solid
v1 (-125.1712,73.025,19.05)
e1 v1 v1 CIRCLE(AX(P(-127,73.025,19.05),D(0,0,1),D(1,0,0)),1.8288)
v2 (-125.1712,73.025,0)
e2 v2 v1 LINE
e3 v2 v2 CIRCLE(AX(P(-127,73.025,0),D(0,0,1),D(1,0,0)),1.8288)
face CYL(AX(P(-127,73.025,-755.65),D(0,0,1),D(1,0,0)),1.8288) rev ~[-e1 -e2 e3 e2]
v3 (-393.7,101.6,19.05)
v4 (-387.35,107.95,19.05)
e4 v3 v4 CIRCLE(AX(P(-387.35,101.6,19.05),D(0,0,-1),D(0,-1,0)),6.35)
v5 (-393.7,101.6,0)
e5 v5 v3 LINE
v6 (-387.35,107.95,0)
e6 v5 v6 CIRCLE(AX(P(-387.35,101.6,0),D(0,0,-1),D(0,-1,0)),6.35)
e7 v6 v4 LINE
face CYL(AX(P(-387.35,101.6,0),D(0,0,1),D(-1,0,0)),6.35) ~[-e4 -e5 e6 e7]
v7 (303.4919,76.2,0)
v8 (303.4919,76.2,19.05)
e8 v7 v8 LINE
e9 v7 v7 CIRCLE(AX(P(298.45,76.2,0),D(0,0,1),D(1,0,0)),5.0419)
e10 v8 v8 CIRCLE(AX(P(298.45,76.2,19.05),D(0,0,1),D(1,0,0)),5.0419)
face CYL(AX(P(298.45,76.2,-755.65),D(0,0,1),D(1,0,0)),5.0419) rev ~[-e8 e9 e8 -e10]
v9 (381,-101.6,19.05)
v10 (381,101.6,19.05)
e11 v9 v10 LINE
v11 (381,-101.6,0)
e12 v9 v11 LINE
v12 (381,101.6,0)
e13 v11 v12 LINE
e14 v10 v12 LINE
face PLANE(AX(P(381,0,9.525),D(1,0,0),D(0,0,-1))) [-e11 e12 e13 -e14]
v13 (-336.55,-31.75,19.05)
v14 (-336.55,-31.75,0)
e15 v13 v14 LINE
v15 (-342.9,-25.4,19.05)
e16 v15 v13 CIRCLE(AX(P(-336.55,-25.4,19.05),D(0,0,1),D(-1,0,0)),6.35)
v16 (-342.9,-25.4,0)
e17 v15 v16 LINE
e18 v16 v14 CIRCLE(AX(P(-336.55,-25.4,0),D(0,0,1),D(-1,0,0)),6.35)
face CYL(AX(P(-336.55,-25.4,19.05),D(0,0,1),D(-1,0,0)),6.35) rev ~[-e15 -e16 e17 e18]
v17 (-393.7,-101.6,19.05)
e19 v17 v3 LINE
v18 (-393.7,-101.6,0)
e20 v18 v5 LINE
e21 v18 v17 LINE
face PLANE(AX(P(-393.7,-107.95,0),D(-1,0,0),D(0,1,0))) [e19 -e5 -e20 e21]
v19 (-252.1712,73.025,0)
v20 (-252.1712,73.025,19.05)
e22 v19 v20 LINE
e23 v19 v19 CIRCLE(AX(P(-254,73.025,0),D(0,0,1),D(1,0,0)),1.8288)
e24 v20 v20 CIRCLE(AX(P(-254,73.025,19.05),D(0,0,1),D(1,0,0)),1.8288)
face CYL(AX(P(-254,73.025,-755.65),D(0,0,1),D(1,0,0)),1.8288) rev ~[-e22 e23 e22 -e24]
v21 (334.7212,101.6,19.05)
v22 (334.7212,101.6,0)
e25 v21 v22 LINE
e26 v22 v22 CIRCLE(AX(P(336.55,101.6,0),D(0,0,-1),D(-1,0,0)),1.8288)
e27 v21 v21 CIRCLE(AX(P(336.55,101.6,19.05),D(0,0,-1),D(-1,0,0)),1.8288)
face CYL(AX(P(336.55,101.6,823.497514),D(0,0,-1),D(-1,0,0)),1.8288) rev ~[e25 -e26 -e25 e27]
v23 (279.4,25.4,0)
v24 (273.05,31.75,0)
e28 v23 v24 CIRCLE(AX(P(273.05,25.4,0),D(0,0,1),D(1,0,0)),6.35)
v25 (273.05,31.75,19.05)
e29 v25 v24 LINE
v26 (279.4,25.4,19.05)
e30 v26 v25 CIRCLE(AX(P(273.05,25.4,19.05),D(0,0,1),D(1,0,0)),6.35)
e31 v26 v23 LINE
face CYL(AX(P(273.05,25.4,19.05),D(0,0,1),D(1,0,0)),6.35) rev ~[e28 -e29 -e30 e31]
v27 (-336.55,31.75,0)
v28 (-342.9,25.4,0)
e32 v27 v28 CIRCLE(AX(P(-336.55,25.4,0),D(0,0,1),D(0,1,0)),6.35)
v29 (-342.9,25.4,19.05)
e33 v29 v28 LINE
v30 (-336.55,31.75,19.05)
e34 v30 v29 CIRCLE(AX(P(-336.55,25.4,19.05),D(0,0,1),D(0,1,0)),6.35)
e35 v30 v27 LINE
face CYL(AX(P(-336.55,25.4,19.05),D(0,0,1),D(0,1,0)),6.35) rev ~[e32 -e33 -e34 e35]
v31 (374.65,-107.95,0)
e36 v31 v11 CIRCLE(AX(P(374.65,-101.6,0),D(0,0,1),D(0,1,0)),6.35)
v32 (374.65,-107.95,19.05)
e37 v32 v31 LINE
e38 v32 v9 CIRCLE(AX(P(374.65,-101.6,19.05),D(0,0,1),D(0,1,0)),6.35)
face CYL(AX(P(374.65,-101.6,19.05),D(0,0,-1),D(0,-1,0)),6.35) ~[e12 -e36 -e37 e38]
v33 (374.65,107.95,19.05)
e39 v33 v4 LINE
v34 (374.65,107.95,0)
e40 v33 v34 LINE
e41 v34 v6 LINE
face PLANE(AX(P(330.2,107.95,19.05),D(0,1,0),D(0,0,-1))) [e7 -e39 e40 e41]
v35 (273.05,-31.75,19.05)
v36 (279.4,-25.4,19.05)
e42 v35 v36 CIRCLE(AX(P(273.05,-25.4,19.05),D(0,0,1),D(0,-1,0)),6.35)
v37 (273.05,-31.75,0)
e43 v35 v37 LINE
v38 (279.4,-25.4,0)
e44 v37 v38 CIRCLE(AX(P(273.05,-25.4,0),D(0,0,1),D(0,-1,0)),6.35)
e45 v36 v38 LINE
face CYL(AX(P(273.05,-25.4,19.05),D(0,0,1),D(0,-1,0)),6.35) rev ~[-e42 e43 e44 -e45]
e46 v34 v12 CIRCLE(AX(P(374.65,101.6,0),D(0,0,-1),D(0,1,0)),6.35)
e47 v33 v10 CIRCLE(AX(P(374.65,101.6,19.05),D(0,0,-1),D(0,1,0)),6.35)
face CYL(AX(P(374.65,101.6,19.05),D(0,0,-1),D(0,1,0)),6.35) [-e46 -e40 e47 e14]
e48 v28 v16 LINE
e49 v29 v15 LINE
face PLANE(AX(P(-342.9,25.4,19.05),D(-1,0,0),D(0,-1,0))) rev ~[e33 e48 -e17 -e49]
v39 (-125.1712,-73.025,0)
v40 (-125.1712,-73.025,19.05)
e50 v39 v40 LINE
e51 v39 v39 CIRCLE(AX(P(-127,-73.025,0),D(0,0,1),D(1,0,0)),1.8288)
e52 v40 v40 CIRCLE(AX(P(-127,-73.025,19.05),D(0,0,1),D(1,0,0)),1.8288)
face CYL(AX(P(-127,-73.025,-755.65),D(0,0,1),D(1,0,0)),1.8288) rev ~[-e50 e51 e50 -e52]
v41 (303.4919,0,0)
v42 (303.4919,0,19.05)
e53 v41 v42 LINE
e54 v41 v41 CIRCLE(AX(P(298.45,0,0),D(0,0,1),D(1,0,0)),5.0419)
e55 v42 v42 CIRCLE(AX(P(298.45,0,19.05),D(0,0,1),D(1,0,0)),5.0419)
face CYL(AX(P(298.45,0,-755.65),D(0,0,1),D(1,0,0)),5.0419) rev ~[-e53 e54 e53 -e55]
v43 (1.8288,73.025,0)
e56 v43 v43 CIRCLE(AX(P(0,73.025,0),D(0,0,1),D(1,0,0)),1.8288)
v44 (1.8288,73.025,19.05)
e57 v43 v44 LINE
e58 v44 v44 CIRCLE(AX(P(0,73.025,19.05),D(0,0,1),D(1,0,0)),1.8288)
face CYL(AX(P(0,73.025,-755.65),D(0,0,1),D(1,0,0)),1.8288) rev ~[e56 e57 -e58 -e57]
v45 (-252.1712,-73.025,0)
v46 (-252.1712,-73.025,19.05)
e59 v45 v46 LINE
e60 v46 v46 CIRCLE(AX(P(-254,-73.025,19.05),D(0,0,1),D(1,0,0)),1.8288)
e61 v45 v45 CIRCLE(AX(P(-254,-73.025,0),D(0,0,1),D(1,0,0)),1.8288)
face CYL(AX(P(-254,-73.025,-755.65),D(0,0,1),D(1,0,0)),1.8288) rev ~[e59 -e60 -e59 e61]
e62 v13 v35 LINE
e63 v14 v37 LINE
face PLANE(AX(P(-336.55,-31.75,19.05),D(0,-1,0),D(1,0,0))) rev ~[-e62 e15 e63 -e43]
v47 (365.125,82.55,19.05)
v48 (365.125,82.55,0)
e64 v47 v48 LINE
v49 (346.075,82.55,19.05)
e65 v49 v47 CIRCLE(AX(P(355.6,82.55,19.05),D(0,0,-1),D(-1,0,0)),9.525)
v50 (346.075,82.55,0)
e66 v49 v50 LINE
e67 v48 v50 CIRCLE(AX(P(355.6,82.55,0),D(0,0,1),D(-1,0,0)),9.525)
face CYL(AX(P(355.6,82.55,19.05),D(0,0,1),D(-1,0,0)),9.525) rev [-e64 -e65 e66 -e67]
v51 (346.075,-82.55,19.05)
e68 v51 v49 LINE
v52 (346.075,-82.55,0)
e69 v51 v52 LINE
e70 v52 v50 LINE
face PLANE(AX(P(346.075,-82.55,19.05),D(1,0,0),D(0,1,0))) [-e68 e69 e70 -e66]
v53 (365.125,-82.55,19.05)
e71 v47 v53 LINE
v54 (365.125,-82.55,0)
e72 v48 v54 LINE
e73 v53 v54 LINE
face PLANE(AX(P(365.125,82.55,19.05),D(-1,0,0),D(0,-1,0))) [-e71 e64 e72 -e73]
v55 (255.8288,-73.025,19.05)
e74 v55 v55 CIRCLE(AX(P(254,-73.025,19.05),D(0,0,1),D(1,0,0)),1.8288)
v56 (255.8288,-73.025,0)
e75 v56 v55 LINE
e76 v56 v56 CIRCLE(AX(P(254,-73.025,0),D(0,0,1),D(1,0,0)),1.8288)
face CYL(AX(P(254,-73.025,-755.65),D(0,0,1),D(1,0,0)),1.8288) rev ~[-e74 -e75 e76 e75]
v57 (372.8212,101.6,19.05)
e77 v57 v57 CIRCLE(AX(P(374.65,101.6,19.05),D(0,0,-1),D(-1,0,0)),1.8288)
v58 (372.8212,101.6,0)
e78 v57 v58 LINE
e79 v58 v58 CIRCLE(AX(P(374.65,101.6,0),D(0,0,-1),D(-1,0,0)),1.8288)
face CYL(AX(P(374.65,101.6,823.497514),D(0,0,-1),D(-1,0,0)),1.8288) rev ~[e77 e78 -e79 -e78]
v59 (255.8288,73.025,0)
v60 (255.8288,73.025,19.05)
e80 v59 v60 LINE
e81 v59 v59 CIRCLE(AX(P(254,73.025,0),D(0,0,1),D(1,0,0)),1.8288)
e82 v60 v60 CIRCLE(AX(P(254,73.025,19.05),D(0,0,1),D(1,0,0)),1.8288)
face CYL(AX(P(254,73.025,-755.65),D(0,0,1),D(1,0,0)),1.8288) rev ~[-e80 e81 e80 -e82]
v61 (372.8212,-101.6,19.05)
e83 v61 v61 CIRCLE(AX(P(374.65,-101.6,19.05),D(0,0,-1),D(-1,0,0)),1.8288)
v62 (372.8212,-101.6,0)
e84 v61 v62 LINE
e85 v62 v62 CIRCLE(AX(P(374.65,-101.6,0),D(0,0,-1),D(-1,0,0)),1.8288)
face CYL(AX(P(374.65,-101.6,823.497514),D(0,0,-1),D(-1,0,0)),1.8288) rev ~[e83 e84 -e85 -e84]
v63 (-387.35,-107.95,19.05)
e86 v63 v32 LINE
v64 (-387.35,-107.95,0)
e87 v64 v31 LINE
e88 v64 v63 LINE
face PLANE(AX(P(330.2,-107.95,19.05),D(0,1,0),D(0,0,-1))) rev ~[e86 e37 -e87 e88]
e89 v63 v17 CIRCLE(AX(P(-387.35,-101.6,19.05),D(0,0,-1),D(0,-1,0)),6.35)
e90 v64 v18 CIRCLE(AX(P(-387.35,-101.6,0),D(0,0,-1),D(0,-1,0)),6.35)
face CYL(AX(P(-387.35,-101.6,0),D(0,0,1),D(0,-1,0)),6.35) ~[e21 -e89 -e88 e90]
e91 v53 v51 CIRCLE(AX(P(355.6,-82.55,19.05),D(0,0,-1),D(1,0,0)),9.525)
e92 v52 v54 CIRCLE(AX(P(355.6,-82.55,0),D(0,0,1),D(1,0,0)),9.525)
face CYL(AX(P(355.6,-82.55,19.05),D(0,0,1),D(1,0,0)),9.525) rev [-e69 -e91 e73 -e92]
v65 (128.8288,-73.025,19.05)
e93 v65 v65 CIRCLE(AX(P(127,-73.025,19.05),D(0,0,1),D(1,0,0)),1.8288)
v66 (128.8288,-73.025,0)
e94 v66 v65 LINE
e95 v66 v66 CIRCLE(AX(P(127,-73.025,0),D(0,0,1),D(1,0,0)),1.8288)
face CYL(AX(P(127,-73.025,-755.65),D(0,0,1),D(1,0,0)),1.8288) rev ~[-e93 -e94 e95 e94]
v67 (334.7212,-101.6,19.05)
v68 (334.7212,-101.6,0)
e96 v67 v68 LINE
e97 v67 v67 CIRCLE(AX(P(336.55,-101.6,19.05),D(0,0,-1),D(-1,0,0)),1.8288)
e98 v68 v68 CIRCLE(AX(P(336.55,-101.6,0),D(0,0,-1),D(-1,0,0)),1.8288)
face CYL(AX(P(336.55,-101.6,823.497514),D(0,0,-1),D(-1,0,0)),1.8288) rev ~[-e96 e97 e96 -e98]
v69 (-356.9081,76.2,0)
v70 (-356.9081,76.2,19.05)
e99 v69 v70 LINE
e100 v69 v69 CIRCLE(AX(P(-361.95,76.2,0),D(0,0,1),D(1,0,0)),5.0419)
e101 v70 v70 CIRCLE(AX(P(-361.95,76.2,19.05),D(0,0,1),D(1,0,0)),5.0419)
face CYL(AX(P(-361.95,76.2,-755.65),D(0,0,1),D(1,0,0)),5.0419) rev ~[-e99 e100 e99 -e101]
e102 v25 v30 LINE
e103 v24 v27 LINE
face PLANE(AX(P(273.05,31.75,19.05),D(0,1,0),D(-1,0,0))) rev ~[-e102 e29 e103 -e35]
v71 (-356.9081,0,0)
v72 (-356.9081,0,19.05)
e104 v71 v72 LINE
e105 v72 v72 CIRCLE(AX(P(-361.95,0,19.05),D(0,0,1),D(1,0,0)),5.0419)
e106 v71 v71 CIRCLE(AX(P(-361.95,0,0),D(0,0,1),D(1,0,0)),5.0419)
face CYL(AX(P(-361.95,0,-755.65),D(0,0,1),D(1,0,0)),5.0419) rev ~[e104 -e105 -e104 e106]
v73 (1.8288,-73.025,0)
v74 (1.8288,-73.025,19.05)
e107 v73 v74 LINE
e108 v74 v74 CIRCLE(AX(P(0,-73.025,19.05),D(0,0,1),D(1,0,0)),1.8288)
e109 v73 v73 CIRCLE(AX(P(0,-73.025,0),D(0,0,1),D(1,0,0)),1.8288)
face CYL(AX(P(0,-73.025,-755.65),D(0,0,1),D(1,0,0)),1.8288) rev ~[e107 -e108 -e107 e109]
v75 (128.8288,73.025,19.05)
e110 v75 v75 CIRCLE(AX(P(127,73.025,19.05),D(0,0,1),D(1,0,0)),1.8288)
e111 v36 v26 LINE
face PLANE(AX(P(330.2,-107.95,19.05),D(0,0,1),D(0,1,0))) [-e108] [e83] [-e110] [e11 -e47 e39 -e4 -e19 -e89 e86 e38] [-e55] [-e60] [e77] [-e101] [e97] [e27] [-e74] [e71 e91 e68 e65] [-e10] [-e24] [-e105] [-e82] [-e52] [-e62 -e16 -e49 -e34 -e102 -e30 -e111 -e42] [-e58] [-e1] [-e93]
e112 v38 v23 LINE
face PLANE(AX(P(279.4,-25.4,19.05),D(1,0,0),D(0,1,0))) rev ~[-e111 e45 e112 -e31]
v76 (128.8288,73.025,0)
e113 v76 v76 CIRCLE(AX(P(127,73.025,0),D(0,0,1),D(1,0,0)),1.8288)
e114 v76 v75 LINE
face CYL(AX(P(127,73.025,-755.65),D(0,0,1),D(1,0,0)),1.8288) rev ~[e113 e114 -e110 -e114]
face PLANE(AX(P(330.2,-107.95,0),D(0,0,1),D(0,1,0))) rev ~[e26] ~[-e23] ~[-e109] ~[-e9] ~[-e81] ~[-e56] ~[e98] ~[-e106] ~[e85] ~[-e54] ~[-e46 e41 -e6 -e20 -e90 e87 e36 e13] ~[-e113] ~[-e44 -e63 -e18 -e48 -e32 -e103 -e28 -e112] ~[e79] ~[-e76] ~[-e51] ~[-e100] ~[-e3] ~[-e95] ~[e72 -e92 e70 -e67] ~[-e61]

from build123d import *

# Parameters (mm, degrees)
SKETCH2_W                   = 723.9
SKETCH2_H                   = 215.9
BOSS_EXTRUDE1_DEPTH         = 19.05
CUT_EXTRUDE3_DEPTH          = 409.675659906
F_27_0_144_DIAMETER_HOLE1_D = 3.6576
F_3_8_CLEARANCE_HOLE1_D     = 10.0838
SKETCH22_W                  = 19.05
SKETCH22_H                  = 215.9
BOSS_EXTRUDE2_DEPTH         = 50.8
FILLET1_R                   = 6.35
F_6_CLEARANCE_HOLE1_D       = 3.6576
CUT_EXTRUDE4_DEPTH          = 76.2


with BuildPart() as part:
    # Sketch2 → Boss-Extrude1 (new body)
    with BuildSketch(Plane.XY):
        with Locations((-31.75, 0)):
            Rectangle(SKETCH2_W, SKETCH2_H)
    extrude(amount=BOSS_EXTRUDE1_DEPTH)

    # Sketch13 → Cut-Extrude3 (cut, through all)
    with BuildSketch(Plane.XY.offset(19.05)):
        with BuildLine():
            Line((-336.55, -31.75), (273.05, -31.75))
            ThreePointArc((273.05, -31.75), (277.540128061, -29.890128061), (279.4, -25.4))
            Line((279.4, -25.4), (279.4, 25.4))
            ThreePointArc((279.4, 25.4), (277.540128061, 29.890128061), (273.05, 31.75))
            Line((273.05, 31.75), (-336.55, 31.75))
            ThreePointArc((-336.55, 31.75), (-341.040128061, 29.890128061), (-342.9, 25.4))
            Line((-342.9, 25.4), (-342.9, -25.4))
            ThreePointArc((-342.9, -25.4), (-341.040128061, -29.890128061), (-336.55, -31.75))
        make_face()
    extrude(amount=-CUT_EXTRUDE3_DEPTH, mode=Mode.SUBTRACT)

    # #27 (0.144) Diameter Hole1 (through all)
    with Locations(Plane(origin=(0, 0, 0), x_dir=(-1, 0, 0), z_dir=(0, 0, -1))):
        with Locations((0, 0), (-254, 73.025), (-127, 73.025), (0, 73.025), (127, 73.025), (254, 73.025), (-127, -73.025), (0, -73.025), (127, -73.025), (254, -73.025), (-254, -73.025)):
            Hole(F_27_0_144_DIAMETER_HOLE1_D / 2)

    # 3/8 Clearance Hole1 (through all)
    with Locations(Plane(origin=(0, 0, 0), x_dir=(-1, 0, 0), z_dir=(0, 0, -1))):
        with Locations((-298.45, 76.2), (361.95, 76.2), (361.95, 0), (-298.45, 0)):
            Hole(F_3_8_CLEARANCE_HOLE1_D / 2)

    # Sketch22 → Boss-Extrude2 (add)
    with BuildSketch(Plane(origin=(330.2, 0, 0), x_dir=(0, 0, -1), z_dir=(1, 0, 0))):
        with Locations((-9.525, 0)):
            Rectangle(SKETCH22_W, SKETCH22_H)
    extrude(amount=BOSS_EXTRUDE2_DEPTH)

    # Fillet1
    fillet1_edges = [part.edges().sort_by_distance(p)[0] for p in [
        (381, -107.95, 9.525),
        (381, 107.95, 9.525),
        (-393.7, 107.95, 9.525),
        (-393.7, -107.95, 9.525),
    ]]
    fillet(fillet1_edges, radius=FILLET1_R)

    # #6 Clearance Hole1 (through all)
    with Locations(Plane.XY.offset(19.05)):
        with Locations((336.55, -101.6), (355.6, 0), (336.55, 101.6), (374.65, -101.6), (374.65, 101.6)):
            Hole(F_6_CLEARANCE_HOLE1_D / 2)

    # Sketch25 → Cut-Extrude4 (cut)
    with BuildSketch(Plane.XY.offset(19.05)):
        with BuildLine():
            Line((346.075, -82.55), (346.075, 82.55))
            ThreePointArc((346.075, 82.55), (355.6, 92.075), (365.125, 82.55))
            Line((365.125, 82.55), (365.125, -82.55))
            ThreePointArc((365.125, -82.55), (355.6, -92.075), (346.075, -82.55))
        make_face()
    extrude(amount=-CUT_EXTRUDE4_DEPTH, mode=Mode.SUBTRACT)


solid = part.part
